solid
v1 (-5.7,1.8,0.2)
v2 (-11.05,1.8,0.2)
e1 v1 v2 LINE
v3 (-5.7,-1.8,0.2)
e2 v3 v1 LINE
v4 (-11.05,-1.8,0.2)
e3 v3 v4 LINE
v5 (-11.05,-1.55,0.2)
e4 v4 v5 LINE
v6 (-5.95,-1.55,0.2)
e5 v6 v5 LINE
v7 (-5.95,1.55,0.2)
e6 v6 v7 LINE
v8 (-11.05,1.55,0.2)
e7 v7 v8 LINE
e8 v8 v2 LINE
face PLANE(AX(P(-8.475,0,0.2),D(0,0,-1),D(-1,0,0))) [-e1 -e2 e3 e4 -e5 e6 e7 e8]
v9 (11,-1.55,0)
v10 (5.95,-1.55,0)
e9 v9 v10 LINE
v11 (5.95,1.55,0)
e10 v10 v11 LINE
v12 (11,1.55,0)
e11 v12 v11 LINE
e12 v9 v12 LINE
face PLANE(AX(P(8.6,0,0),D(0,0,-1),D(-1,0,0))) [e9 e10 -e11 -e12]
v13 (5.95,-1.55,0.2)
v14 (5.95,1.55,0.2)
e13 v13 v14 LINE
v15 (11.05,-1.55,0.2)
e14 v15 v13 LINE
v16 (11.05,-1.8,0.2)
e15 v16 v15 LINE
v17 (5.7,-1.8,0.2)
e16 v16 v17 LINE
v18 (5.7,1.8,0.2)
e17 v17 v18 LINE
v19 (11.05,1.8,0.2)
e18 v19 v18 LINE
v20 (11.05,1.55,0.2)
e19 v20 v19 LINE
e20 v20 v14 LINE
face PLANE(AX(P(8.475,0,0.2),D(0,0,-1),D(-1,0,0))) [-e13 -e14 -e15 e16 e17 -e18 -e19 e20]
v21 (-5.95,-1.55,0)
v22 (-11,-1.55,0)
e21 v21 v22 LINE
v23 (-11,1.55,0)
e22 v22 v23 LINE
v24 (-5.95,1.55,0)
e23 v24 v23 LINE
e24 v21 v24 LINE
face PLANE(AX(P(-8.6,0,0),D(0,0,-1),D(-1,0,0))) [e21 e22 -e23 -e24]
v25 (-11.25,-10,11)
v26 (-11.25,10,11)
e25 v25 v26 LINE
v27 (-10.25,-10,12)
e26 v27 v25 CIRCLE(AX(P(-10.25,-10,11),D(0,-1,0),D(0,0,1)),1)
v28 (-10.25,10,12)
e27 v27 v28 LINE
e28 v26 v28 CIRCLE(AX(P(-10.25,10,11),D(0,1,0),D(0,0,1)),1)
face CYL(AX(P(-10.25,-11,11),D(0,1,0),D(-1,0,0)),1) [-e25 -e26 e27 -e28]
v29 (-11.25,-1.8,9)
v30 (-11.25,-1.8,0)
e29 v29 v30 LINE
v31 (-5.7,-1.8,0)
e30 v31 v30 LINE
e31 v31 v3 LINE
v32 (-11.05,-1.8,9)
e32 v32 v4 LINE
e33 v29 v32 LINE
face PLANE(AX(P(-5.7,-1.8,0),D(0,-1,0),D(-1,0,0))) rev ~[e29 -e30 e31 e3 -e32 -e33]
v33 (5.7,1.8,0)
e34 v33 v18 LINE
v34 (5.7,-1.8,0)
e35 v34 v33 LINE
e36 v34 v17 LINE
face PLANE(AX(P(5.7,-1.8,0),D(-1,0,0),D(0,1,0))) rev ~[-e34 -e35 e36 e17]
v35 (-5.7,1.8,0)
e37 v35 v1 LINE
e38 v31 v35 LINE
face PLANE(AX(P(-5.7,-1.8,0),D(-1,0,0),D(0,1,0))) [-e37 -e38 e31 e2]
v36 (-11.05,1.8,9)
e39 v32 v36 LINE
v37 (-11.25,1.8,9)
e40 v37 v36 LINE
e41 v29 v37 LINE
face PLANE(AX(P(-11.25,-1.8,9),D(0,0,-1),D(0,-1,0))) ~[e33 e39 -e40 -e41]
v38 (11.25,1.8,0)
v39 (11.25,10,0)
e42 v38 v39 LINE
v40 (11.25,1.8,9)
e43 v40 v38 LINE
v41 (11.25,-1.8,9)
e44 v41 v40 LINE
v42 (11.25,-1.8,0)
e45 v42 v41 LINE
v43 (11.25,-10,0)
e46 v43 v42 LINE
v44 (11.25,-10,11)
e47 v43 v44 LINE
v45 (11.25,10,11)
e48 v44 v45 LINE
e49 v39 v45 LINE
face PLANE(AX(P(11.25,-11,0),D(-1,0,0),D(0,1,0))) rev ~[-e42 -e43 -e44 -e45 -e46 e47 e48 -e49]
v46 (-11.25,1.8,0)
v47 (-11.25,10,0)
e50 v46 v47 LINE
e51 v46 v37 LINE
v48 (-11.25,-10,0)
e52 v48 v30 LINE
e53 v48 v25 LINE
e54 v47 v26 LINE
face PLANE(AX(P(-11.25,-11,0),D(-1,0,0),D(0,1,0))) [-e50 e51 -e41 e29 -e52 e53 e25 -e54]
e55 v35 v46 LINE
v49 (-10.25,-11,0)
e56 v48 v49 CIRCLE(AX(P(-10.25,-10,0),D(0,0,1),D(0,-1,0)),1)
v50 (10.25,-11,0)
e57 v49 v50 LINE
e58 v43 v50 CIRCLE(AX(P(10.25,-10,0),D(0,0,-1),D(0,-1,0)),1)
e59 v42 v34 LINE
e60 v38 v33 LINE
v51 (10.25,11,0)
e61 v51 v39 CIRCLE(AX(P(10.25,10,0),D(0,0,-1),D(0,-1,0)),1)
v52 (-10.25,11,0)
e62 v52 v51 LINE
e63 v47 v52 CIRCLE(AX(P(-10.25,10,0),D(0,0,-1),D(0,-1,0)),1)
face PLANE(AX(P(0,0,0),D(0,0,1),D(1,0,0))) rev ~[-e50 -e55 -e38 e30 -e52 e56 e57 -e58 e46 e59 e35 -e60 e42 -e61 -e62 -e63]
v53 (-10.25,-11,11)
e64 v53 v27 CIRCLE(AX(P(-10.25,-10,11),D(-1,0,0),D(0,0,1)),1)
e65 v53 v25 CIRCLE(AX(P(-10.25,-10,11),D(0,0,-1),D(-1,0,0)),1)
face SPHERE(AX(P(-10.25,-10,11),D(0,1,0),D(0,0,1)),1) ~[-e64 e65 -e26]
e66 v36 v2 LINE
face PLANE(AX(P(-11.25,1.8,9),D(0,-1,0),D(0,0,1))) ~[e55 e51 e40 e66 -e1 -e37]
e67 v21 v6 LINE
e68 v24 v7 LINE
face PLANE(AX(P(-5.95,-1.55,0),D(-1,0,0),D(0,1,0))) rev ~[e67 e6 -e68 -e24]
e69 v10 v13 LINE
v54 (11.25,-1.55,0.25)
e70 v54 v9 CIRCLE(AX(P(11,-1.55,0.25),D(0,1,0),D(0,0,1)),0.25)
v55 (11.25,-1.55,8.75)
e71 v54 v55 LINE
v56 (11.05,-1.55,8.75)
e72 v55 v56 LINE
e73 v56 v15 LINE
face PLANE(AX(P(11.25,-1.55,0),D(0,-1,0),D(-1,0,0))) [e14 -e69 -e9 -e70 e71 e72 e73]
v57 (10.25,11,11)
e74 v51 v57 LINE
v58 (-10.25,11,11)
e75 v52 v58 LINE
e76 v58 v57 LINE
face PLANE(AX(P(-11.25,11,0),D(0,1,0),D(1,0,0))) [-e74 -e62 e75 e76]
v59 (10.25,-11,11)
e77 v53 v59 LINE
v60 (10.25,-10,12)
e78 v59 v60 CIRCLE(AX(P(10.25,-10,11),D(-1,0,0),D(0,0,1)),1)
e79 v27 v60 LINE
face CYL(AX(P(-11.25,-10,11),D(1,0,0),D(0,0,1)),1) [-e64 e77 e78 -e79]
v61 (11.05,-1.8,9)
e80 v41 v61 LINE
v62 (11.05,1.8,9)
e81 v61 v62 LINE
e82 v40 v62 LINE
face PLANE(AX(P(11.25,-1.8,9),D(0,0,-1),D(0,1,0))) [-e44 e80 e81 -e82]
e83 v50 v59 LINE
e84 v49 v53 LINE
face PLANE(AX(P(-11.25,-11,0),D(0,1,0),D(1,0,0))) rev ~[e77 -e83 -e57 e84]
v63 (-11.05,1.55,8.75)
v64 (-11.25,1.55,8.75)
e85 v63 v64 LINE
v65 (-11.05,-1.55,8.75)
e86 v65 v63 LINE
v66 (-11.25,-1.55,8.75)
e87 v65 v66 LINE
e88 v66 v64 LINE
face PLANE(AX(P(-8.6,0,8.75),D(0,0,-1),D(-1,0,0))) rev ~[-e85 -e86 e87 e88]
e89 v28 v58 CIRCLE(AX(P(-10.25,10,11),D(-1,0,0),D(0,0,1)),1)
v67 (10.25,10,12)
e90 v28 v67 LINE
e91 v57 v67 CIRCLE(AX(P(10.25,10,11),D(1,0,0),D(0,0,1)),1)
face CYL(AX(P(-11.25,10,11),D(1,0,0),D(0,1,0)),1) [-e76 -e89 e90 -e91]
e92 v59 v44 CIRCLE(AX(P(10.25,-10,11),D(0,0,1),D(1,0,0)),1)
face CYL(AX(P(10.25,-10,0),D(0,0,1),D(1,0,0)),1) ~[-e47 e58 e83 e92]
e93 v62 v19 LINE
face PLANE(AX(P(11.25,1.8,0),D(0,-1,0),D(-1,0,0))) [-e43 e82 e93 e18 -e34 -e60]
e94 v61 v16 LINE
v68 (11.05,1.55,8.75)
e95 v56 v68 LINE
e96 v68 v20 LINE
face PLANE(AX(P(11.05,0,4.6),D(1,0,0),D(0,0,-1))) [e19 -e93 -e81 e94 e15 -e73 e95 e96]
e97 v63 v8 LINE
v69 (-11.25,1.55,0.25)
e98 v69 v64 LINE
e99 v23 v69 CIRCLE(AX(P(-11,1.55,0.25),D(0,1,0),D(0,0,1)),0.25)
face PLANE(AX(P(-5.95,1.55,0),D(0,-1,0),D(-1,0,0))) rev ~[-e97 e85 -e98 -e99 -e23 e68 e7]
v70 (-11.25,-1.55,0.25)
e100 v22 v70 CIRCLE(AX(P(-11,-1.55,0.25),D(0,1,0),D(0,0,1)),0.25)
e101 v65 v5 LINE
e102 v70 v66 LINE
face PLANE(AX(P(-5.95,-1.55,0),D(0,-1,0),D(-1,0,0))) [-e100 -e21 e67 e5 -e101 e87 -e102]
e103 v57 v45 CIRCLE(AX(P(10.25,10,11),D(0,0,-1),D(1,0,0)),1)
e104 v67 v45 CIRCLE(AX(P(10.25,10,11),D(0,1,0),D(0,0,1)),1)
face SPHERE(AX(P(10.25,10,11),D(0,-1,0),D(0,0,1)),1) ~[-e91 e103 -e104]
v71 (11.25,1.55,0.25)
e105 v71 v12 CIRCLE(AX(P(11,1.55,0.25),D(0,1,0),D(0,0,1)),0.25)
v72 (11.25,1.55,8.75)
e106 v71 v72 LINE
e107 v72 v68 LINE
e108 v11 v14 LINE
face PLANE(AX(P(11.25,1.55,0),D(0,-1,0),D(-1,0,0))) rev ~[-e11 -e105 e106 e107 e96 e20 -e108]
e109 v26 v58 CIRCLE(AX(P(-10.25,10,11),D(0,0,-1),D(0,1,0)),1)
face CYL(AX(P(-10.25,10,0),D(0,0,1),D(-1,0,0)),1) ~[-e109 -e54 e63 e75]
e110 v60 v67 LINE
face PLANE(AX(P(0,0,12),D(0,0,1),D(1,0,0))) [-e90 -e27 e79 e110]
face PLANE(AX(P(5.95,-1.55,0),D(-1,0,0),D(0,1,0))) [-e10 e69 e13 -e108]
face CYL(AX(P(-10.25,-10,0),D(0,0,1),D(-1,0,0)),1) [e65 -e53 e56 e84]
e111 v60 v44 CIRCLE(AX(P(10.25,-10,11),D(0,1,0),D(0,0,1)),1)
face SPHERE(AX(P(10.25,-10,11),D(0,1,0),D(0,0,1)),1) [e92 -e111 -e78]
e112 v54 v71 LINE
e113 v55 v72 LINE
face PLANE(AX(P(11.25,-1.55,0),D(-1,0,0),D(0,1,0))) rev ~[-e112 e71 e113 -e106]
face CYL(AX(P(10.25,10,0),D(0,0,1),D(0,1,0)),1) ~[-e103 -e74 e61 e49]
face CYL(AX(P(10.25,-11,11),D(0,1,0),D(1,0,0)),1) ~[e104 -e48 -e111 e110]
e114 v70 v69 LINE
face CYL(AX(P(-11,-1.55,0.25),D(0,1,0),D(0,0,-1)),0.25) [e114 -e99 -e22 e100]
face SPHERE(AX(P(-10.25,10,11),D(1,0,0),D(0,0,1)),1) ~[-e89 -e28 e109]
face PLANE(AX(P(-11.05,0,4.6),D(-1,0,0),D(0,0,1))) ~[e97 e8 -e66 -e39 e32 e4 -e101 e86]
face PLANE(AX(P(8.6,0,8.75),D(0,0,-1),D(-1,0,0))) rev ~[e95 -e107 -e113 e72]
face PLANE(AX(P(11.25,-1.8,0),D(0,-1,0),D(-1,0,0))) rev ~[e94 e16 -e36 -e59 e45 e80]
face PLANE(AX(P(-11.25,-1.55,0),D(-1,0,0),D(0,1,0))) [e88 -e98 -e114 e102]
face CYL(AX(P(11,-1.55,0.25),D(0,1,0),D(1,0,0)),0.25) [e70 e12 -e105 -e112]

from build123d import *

# Parameters (mm, degrees)
SKETCH2_W           = 22.5
SKETCH2_H           = 22
BOSS_EXTRUDE1_DEPTH = 12
SKETCH3_W           = 5.55
SKETCH3_H           = 3.6
CUT_EXTRUDE1_DEPTH  = 0.2
SKETCH4_W           = 8.8
SKETCH4_H           = 3.6
CUT_EXTRUDE2_DEPTH  = 0.2
FILLET1_R           = 1
SKETCH5_W           = 5.3
SKETCH5_H           = 3.1
BOSS_EXTRUDE2_DEPTH = 8.75
FILLET2_R           = 0.25


with BuildPart() as part:
    # Sketch2 → Boss-Extrude1 (new body)
    with BuildSketch(Plane.XY):
        Rectangle(SKETCH2_W, SKETCH2_H)
    extrude(amount=BOSS_EXTRUDE1_DEPTH)

    # Sketch3 → Cut-Extrude1 (cut)
    with BuildSketch(Plane(origin=(0, 0, 0), x_dir=(-1, 0, 0), z_dir=(0, 0, -1))):
        with Locations((-8.475, 0)):
            Rectangle(SKETCH3_W, SKETCH3_H)
        with Locations((8.475, 0)):
            Rectangle(SKETCH3_W, SKETCH3_H)
    extrude(amount=-CUT_EXTRUDE1_DEPTH, mode=Mode.SUBTRACT)

    # Sketch4 → Cut-Extrude2 (cut)
    with BuildSketch(Plane(origin=(11.25, 0, 0), x_dir=(0, 0, -1), z_dir=(1, 0, 0))):
        with Locations((-4.6, 0)):
            Rectangle(SKETCH4_W, SKETCH4_H)
    cut_extrude2 = extrude(amount=-CUT_EXTRUDE2_DEPTH, mode=Mode.SUBTRACT)

    # Mirror1: Cut-Extrude2 across plane
    add(cut_extrude2.mirror(Plane(origin=(0, 0, 0), x_dir=(0, 0, 1), z_dir=(1, 0, 0))), mode=Mode.SUBTRACT)

    # Fillet1
    fillet1_edges = [part.edges().sort_by_distance(p)[0] for p in [
        (11.25, 0, 12),
        (0, 11, 12),
        (-11.25, 0, 12),
        (0, -11, 12),
        (-11.25, 11, 6),
        (11.25, 11, 6),
        (11.25, -11, 6),
        (-11.25, -11, 6),
    ]]
    fillet(fillet1_edges, radius=FILLET1_R)

    # Sketch5 → Boss-Extrude2 (add)
    with BuildSketch(Plane(origin=(0, 0, 0), x_dir=(-1, 0, 0), z_dir=(0, 0, -1))):
        with Locations((-8.6, 0)):
            Rectangle(SKETCH5_W, SKETCH5_H)
        with Locations((8.6, 0)):
            Rectangle(SKETCH5_W, SKETCH5_H)
    extrude(amount=-BOSS_EXTRUDE2_DEPTH)

    # Fillet2
    fillet2_edges = [part.edges().sort_by_distance(p)[0] for p in [
        (11.25, 0, 0),
        (-11.25, 0, 0),
    ]]
    fillet(fillet2_edges, radius=FILLET2_R)


solid = part.part
